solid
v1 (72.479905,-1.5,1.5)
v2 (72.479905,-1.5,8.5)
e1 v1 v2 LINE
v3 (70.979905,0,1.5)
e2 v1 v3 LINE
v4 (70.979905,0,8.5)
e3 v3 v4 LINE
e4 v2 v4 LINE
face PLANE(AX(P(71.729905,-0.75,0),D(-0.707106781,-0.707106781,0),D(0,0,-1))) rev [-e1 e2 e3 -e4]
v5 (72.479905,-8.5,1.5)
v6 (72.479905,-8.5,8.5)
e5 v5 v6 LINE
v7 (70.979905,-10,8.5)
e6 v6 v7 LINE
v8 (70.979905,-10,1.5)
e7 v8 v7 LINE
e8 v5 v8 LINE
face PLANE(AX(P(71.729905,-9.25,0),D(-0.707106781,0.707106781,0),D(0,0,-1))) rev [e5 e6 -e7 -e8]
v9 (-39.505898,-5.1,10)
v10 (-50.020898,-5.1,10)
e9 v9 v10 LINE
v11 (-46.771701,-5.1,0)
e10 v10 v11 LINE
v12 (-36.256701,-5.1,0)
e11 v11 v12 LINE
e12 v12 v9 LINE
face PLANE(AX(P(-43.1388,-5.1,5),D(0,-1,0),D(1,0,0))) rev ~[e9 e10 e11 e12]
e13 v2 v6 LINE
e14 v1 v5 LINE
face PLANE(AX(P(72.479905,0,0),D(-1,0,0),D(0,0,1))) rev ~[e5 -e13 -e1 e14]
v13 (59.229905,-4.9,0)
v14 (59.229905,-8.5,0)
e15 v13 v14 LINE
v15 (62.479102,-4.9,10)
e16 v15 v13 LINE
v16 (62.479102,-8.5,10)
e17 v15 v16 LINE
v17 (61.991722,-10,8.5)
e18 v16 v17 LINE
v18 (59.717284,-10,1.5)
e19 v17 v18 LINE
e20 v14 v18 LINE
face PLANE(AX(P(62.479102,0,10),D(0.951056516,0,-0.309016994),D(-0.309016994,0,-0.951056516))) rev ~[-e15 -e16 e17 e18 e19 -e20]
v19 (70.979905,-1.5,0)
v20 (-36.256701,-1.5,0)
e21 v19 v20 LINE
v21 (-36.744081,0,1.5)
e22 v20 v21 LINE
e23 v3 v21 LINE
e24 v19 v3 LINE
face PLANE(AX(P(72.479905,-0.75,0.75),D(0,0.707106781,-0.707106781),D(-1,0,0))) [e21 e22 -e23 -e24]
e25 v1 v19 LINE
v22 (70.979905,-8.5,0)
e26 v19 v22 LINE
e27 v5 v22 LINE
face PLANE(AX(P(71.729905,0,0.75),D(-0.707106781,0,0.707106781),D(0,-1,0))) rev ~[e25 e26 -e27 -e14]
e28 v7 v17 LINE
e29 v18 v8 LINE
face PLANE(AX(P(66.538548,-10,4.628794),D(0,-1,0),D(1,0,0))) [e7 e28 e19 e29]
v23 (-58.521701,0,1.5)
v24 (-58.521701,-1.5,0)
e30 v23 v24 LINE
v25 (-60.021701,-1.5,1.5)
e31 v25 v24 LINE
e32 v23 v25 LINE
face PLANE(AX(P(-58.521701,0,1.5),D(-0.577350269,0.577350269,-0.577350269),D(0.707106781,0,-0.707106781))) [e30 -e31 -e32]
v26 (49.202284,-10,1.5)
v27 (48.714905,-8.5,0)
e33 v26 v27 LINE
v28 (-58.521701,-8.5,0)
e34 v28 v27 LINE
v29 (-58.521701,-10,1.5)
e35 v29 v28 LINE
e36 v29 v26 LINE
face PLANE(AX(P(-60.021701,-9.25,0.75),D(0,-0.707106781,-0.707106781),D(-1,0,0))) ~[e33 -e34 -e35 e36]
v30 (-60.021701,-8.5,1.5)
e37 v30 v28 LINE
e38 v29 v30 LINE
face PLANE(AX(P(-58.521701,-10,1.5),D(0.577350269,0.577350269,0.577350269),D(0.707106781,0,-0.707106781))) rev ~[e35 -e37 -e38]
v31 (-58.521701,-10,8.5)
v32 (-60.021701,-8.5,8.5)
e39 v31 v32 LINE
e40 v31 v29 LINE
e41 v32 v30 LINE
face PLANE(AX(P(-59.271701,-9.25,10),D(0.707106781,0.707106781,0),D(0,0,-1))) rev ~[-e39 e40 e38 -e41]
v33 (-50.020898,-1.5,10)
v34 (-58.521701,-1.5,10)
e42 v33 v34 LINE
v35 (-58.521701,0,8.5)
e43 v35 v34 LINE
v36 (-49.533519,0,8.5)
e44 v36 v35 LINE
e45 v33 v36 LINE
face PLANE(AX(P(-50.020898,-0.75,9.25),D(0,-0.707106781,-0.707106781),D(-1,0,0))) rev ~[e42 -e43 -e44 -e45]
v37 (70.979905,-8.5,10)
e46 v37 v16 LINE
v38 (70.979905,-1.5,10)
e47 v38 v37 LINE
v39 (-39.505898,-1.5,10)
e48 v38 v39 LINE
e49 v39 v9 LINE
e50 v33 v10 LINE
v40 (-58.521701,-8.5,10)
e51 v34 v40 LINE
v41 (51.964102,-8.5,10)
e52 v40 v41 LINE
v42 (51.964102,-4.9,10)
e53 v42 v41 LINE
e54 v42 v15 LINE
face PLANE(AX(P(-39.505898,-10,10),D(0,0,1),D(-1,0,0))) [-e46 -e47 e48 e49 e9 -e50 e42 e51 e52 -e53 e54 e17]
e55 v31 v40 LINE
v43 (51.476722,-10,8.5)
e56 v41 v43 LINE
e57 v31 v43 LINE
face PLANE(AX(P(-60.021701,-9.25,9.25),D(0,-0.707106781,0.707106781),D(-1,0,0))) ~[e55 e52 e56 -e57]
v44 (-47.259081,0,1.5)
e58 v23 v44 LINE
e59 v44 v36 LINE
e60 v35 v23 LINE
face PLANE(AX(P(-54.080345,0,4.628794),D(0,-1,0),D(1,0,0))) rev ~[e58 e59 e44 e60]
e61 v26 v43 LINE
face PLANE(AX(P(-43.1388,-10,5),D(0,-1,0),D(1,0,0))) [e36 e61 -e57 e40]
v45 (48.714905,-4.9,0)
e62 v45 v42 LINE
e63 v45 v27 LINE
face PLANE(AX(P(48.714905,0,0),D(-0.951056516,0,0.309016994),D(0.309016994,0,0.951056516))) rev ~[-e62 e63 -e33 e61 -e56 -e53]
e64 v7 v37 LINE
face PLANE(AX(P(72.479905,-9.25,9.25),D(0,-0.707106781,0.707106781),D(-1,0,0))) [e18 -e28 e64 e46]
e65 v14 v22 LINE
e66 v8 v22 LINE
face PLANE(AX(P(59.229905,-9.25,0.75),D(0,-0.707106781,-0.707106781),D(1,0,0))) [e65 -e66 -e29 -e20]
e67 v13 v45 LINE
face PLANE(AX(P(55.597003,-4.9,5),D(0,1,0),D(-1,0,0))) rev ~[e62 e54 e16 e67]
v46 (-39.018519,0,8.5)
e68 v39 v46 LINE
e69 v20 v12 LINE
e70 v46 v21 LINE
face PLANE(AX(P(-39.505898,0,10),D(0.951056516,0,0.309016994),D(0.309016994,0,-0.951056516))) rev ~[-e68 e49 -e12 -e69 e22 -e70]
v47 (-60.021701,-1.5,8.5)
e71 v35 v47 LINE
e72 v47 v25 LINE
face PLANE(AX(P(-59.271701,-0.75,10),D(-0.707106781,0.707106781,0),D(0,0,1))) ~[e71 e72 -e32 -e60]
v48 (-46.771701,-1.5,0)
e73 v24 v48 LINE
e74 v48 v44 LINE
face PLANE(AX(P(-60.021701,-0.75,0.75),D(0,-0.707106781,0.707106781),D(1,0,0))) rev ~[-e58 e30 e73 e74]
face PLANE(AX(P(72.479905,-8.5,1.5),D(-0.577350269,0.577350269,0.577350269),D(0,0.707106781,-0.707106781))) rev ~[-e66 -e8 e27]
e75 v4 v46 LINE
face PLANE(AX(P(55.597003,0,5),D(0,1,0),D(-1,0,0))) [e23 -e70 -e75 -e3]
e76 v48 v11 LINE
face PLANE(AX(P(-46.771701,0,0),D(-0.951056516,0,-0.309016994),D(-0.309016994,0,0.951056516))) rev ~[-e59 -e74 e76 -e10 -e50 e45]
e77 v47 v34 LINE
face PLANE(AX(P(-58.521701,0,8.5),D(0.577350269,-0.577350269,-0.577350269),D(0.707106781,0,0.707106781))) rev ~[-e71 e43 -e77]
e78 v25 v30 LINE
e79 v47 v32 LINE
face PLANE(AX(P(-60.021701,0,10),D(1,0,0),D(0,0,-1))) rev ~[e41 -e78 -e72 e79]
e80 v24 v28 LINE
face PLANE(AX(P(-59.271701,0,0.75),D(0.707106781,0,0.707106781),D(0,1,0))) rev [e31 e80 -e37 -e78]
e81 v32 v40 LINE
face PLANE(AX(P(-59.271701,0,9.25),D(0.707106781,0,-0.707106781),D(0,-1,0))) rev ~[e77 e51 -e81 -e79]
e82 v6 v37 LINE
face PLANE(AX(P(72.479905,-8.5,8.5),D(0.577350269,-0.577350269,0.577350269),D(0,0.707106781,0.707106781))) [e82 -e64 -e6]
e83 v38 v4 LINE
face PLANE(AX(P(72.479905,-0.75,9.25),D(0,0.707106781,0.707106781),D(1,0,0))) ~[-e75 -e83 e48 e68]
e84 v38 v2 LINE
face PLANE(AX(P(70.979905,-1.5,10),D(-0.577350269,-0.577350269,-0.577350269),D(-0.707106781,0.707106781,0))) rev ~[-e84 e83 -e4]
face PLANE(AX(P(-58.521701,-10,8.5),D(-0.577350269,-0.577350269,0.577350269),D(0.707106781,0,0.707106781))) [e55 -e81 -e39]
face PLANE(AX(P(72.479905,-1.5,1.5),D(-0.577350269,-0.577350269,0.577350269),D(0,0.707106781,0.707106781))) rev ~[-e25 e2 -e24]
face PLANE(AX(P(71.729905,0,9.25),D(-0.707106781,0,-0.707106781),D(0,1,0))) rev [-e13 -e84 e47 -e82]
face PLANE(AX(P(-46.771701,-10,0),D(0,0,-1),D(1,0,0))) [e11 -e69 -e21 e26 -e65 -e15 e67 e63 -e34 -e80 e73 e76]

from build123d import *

# Parameters (mm, degrees)
F1_DEPTH = 10
F3_DEPTH = 4.9
F5_DEPTH = 4.9
F6_SIZE  = 1.5


with BuildPart() as f1:
    # F0 (on Front) → F1 (new body)
    with BuildSketch(Plane.XZ):
        Polygon((-60.0217013935, 10), (-60.0217013935, 0), (-46.7717013935, 0), (-50.0208983558, 10), align=None)
    extrude(amount=F1_DEPTH)



with BuildPart() as f1b:
    # F0 (on Front) → F1, piece 2 (new body)
    with BuildSketch(Plane.XZ):
        Polygon((-39.5058983558, 10), (-36.2567013935, 0), (48.7149046818, 0), (51.9641016442, 10), align=None)
    extrude(amount=F1_DEPTH)



with BuildPart() as f1c:
    # F0 (on Front) → F1, piece 3 (new body)
    with BuildSketch(Plane.XZ):
        Polygon((62.4791016442, 10), (59.2299046818, 0), (72.4799046818, 0), (72.4799046818, 10), align=None)
    extrude(amount=F1_DEPTH)


with BuildPart() as f1b_1:
    add(f1b.part)

    add(f1c.part)  # F3 merges F1c
    # F2 (on face) → F3 (join)
    with BuildSketch(Plane(origin=(0, 0, 0), x_dir=(-1, 0, 0), z_dir=(0, 1, 0))):
        Polygon((-51.9641016442, 10), (-62.4791016442, 10), (-59.2299046818, 0), (-48.7149046818, 0), align=None)
    extrude(amount=-F3_DEPTH)


with BuildPart() as f1_1:
    add(f1.part)

    add(f1b_1.part)  # F5 merges F1b
    # F4 (on face) → F5 (join)
    with BuildSketch(Plane.XZ.offset(10)):
        Polygon((-39.5058983558, 10), (-50.0208983558, 10), (-46.7717013935, 0), (-36.2567013935, 0), align=None)
    extrude(amount=-F5_DEPTH)

    # F6
    f6_edges = [f1_1.edges().sort_by_distance(p)[0] for p in [
        (-60.021701, -5, 10),
        (-60.021701, -5, 0),
        (-60.021701, 0, 5),
        (-60.021701, -10, 5),
        (-55.0213, 0, 10),
        (-53.396701, 0, 0),
        (-5.653398, -10, 0),
        (-4.0288, -10, 10),
        (18.111602, 0, 0),
        (65.854905, -10, 0),
        (67.479503, -10, 10),
        (72.479905, -10, 5),
        (72.479905, -5, 0),
        (72.479905, 0, 5),
        (72.479905, -5, 10),
        (16.487003, 0, 10),
    ]]
    chamfer(f6_edges, length=F6_SIZE)


solid = f1_1.part
